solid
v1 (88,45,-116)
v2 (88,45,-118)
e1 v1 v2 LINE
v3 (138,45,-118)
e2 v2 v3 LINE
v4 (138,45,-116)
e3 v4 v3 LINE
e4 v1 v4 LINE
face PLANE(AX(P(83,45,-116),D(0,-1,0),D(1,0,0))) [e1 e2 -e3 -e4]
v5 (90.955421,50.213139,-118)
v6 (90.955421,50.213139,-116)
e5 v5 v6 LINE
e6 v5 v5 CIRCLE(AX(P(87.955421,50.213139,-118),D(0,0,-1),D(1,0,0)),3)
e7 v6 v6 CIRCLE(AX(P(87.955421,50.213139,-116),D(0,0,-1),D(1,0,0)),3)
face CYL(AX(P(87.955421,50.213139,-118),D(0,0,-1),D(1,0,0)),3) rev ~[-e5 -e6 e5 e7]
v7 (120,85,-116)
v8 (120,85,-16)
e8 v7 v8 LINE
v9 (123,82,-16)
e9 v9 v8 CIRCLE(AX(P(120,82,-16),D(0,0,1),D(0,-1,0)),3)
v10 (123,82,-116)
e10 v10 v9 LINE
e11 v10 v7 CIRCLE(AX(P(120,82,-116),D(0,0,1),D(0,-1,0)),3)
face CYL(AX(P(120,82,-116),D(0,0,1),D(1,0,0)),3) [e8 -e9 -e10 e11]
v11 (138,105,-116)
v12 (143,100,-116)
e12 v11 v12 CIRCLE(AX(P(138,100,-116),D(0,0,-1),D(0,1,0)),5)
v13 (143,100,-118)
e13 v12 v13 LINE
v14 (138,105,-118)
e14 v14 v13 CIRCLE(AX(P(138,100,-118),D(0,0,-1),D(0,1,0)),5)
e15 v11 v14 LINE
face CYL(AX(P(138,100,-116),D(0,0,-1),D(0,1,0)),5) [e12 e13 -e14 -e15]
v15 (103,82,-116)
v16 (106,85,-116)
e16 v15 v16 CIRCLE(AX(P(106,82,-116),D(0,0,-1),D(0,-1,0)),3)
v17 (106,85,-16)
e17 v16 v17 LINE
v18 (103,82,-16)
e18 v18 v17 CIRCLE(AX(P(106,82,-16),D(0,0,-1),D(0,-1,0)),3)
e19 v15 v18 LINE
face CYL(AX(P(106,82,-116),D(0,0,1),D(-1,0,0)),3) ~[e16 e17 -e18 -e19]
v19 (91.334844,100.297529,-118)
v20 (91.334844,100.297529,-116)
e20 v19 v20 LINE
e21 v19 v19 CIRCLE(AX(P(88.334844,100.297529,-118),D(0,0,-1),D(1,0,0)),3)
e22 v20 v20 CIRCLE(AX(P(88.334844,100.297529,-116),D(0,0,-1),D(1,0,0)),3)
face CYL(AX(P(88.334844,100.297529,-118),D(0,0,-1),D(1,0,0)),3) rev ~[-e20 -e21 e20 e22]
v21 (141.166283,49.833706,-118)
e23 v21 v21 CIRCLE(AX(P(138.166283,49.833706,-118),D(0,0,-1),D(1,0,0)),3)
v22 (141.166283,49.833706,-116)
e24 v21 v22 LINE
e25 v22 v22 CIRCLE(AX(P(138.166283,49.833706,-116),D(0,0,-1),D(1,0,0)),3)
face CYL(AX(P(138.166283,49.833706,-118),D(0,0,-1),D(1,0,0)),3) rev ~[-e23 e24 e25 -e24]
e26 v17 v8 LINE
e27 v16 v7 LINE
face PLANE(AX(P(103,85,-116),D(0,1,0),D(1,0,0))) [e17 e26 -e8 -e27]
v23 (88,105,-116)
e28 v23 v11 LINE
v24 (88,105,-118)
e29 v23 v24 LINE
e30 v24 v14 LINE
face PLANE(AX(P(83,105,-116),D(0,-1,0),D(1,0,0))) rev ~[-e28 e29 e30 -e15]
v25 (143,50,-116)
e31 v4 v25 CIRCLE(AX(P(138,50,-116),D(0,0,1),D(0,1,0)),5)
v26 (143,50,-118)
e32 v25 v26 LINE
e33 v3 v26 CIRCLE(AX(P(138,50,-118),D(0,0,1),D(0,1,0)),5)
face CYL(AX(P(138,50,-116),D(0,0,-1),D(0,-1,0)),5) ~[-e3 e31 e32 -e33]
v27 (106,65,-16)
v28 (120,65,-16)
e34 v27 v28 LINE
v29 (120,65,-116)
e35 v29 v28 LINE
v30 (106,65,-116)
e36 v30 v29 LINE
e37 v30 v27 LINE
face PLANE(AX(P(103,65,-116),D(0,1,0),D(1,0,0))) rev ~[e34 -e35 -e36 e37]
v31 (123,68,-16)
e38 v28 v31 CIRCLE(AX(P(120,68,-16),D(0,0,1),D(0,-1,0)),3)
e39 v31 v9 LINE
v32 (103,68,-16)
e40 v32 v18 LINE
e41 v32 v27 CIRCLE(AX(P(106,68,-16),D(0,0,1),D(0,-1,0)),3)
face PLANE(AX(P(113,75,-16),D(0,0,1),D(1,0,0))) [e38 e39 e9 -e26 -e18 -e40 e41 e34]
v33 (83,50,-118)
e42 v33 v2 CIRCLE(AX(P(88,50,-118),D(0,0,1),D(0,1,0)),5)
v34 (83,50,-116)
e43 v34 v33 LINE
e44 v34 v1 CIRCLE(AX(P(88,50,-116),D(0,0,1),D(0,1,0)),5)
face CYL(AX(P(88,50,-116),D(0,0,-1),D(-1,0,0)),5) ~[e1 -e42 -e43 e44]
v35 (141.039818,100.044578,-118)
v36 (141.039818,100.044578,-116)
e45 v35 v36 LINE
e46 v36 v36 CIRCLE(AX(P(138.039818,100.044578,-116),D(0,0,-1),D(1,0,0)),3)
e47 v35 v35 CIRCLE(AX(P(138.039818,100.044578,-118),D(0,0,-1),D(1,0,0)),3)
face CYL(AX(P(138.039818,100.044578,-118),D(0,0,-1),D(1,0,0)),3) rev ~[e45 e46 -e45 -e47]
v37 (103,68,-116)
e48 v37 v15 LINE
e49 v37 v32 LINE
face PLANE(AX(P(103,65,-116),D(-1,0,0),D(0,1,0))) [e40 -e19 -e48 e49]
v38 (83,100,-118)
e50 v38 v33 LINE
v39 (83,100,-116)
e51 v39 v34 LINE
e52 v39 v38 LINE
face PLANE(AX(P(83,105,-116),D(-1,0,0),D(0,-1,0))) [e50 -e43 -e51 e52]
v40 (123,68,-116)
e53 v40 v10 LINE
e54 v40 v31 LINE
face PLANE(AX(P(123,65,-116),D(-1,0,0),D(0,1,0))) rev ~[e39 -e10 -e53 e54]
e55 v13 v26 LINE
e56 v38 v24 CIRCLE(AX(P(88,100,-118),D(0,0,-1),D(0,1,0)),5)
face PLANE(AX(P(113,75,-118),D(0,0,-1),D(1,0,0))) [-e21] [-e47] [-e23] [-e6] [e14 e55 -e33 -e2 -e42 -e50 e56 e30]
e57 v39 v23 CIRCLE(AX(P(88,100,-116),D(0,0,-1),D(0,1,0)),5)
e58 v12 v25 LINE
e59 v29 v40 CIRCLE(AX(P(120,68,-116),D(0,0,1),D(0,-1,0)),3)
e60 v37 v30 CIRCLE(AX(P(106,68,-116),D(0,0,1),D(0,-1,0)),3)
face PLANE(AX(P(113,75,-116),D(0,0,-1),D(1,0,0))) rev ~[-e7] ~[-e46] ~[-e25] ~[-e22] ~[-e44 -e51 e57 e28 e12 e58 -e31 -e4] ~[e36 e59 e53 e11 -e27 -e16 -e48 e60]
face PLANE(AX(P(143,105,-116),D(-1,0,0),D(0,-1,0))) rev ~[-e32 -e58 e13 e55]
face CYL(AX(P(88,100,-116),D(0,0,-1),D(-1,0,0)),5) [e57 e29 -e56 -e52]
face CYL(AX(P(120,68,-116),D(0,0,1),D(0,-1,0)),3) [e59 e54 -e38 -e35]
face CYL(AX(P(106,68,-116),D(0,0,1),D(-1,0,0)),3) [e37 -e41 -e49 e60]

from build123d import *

# Parameters (mm, degrees)
SKETCH004_W  = 20
SKETCH004_H  = 20
PAD002_DEPTH = 100
FILLET010_R  = 3
FILLET011_R  = 3
SKETCH003_W  = 60
SKETCH003_H  = 60
PAD003_DEPTH = 2
FILLET013_R  = 5
FILLET009_R  = 5
FILLET008_R  = 5
FILLET012_R  = 5
SKETCH002_R  = 3
HOLE_DEPTH   = 25
HOLE_TIPS_R  = 3


with BuildPart() as part:
    # Sketch004 → Pad002 (new body)
    with BuildSketch(Plane.XY):
        with Locations((10, -10)):
            Rectangle(SKETCH004_W, SKETCH004_H)
    extrude(amount=PAD002_DEPTH)

    # Fillet010
    fillet010_edges = [part.edges().sort_by_distance(p)[0] for p in [
        (0, -20, 50),
        (20, 0, 50),
        (0, 0, 50),
    ]]
    fillet(fillet010_edges, radius=FILLET010_R)

    # Fillet011
    fillet011_edges = [part.edges().sort_by_distance(p)[0] for p in [
        (20, -20, 50),
    ]]
    fillet(fillet011_edges, radius=FILLET011_R)

    # Sketch003 (on Face1 of Fillet011) → Pad003 (join)
    with BuildSketch(Plane(origin=(0, 0, 0), x_dir=(1, 0, 0), z_dir=(0, 0, -1))):
        with Locations((10, 10)):
            Rectangle(SKETCH003_W, SKETCH003_H)
    extrude(amount=PAD003_DEPTH)

    # Fillet013
    fillet013_edges = [part.edges().sort_by_distance(p)[0] for p in [
        (-20, 20, -1),
    ]]
    fillet(fillet013_edges, radius=FILLET013_R)

    # Fillet009
    fillet009_edges = [part.edges().sort_by_distance(p)[0] for p in [
        (40, 20, -1),
    ]]
    fillet(fillet009_edges, radius=FILLET009_R)

    # Fillet008
    fillet008_edges = [part.edges().sort_by_distance(p)[0] for p in [
        (-20, -40, -1),
    ]]
    fillet(fillet008_edges, radius=FILLET008_R)

    # Fillet012
    fillet012_edges = [part.edges().sort_by_distance(p)[0] for p in [
        (40, -40, -1),
    ]]
    fillet(fillet012_edges, radius=FILLET012_R)

    # Sketch002 (on Face18 of Fillet012) → Hole (cut)
    with BuildSketch(Plane(origin=(0, 0, -2), x_dir=(1, 0, 0), z_dir=(0, 0, -1))):
        with Locations((-14.665156, -15.297529)):
            Circle(SKETCH002_R)
        with Locations((35.039818, -15.044578)):
            Circle(SKETCH002_R)
        with Locations((35.166283, 35.166294)):
            Circle(SKETCH002_R)
        with Locations((-15.044579, 34.786861)):
            Circle(SKETCH002_R)
    extrude(amount=-HOLE_DEPTH, mode=Mode.SUBTRACT)

    # Hole tips → Hole tip 1 section 0
    with BuildSketch(Plane(origin=(0, 0, 23), x_dir=(1, 0, 0), z_dir=(0, 0, -1)), mode=Mode.PRIVATE) as hole_tip_1_s0:
        with Locations((-14.665156, -15.297529)):
            Circle(HOLE_TIPS_R)
    loft([hole_tip_1_s0.sketch, Vertex(-14.665156, 15.297529, 24.802582)], mode=Mode.SUBTRACT)

    # Hole tips → Hole tip 2 section 0
    with BuildSketch(Plane(origin=(0, 0, 23), x_dir=(1, 0, 0), z_dir=(0, 0, -1)), mode=Mode.PRIVATE) as hole_tip_2_s0:
        with Locations((35.039818, -15.044578)):
            Circle(HOLE_TIPS_R)
    loft([hole_tip_2_s0.sketch, Vertex(35.039818, 15.044578, 24.802582)], mode=Mode.SUBTRACT)

    # Hole tips → Hole tip 3 section 0
    with BuildSketch(Plane(origin=(0, 0, 23), x_dir=(1, 0, 0), z_dir=(0, 0, -1)), mode=Mode.PRIVATE) as hole_tip_3_s0:
        with Locations((35.166283, 35.166294)):
            Circle(HOLE_TIPS_R)
    loft([hole_tip_3_s0.sketch, Vertex(35.166283, -35.166294, 24.802582)], mode=Mode.SUBTRACT)

    # Hole tips → Hole tip 4 section 0
    with BuildSketch(Plane(origin=(0, 0, 23), x_dir=(1, 0, 0), z_dir=(0, 0, -1)), mode=Mode.PRIVATE) as hole_tip_4_s0:
        with Locations((-15.044579, 34.786861)):
            Circle(HOLE_TIPS_R)
    loft([hole_tip_4_s0.sketch, Vertex(-15.044579, -34.786861, 24.802582)], mode=Mode.SUBTRACT)


with BuildPart() as part_1:
    # Body002 placement: moved
    add(part.part.moved(Location((103, 85, -116))))


solid = part_1.part
